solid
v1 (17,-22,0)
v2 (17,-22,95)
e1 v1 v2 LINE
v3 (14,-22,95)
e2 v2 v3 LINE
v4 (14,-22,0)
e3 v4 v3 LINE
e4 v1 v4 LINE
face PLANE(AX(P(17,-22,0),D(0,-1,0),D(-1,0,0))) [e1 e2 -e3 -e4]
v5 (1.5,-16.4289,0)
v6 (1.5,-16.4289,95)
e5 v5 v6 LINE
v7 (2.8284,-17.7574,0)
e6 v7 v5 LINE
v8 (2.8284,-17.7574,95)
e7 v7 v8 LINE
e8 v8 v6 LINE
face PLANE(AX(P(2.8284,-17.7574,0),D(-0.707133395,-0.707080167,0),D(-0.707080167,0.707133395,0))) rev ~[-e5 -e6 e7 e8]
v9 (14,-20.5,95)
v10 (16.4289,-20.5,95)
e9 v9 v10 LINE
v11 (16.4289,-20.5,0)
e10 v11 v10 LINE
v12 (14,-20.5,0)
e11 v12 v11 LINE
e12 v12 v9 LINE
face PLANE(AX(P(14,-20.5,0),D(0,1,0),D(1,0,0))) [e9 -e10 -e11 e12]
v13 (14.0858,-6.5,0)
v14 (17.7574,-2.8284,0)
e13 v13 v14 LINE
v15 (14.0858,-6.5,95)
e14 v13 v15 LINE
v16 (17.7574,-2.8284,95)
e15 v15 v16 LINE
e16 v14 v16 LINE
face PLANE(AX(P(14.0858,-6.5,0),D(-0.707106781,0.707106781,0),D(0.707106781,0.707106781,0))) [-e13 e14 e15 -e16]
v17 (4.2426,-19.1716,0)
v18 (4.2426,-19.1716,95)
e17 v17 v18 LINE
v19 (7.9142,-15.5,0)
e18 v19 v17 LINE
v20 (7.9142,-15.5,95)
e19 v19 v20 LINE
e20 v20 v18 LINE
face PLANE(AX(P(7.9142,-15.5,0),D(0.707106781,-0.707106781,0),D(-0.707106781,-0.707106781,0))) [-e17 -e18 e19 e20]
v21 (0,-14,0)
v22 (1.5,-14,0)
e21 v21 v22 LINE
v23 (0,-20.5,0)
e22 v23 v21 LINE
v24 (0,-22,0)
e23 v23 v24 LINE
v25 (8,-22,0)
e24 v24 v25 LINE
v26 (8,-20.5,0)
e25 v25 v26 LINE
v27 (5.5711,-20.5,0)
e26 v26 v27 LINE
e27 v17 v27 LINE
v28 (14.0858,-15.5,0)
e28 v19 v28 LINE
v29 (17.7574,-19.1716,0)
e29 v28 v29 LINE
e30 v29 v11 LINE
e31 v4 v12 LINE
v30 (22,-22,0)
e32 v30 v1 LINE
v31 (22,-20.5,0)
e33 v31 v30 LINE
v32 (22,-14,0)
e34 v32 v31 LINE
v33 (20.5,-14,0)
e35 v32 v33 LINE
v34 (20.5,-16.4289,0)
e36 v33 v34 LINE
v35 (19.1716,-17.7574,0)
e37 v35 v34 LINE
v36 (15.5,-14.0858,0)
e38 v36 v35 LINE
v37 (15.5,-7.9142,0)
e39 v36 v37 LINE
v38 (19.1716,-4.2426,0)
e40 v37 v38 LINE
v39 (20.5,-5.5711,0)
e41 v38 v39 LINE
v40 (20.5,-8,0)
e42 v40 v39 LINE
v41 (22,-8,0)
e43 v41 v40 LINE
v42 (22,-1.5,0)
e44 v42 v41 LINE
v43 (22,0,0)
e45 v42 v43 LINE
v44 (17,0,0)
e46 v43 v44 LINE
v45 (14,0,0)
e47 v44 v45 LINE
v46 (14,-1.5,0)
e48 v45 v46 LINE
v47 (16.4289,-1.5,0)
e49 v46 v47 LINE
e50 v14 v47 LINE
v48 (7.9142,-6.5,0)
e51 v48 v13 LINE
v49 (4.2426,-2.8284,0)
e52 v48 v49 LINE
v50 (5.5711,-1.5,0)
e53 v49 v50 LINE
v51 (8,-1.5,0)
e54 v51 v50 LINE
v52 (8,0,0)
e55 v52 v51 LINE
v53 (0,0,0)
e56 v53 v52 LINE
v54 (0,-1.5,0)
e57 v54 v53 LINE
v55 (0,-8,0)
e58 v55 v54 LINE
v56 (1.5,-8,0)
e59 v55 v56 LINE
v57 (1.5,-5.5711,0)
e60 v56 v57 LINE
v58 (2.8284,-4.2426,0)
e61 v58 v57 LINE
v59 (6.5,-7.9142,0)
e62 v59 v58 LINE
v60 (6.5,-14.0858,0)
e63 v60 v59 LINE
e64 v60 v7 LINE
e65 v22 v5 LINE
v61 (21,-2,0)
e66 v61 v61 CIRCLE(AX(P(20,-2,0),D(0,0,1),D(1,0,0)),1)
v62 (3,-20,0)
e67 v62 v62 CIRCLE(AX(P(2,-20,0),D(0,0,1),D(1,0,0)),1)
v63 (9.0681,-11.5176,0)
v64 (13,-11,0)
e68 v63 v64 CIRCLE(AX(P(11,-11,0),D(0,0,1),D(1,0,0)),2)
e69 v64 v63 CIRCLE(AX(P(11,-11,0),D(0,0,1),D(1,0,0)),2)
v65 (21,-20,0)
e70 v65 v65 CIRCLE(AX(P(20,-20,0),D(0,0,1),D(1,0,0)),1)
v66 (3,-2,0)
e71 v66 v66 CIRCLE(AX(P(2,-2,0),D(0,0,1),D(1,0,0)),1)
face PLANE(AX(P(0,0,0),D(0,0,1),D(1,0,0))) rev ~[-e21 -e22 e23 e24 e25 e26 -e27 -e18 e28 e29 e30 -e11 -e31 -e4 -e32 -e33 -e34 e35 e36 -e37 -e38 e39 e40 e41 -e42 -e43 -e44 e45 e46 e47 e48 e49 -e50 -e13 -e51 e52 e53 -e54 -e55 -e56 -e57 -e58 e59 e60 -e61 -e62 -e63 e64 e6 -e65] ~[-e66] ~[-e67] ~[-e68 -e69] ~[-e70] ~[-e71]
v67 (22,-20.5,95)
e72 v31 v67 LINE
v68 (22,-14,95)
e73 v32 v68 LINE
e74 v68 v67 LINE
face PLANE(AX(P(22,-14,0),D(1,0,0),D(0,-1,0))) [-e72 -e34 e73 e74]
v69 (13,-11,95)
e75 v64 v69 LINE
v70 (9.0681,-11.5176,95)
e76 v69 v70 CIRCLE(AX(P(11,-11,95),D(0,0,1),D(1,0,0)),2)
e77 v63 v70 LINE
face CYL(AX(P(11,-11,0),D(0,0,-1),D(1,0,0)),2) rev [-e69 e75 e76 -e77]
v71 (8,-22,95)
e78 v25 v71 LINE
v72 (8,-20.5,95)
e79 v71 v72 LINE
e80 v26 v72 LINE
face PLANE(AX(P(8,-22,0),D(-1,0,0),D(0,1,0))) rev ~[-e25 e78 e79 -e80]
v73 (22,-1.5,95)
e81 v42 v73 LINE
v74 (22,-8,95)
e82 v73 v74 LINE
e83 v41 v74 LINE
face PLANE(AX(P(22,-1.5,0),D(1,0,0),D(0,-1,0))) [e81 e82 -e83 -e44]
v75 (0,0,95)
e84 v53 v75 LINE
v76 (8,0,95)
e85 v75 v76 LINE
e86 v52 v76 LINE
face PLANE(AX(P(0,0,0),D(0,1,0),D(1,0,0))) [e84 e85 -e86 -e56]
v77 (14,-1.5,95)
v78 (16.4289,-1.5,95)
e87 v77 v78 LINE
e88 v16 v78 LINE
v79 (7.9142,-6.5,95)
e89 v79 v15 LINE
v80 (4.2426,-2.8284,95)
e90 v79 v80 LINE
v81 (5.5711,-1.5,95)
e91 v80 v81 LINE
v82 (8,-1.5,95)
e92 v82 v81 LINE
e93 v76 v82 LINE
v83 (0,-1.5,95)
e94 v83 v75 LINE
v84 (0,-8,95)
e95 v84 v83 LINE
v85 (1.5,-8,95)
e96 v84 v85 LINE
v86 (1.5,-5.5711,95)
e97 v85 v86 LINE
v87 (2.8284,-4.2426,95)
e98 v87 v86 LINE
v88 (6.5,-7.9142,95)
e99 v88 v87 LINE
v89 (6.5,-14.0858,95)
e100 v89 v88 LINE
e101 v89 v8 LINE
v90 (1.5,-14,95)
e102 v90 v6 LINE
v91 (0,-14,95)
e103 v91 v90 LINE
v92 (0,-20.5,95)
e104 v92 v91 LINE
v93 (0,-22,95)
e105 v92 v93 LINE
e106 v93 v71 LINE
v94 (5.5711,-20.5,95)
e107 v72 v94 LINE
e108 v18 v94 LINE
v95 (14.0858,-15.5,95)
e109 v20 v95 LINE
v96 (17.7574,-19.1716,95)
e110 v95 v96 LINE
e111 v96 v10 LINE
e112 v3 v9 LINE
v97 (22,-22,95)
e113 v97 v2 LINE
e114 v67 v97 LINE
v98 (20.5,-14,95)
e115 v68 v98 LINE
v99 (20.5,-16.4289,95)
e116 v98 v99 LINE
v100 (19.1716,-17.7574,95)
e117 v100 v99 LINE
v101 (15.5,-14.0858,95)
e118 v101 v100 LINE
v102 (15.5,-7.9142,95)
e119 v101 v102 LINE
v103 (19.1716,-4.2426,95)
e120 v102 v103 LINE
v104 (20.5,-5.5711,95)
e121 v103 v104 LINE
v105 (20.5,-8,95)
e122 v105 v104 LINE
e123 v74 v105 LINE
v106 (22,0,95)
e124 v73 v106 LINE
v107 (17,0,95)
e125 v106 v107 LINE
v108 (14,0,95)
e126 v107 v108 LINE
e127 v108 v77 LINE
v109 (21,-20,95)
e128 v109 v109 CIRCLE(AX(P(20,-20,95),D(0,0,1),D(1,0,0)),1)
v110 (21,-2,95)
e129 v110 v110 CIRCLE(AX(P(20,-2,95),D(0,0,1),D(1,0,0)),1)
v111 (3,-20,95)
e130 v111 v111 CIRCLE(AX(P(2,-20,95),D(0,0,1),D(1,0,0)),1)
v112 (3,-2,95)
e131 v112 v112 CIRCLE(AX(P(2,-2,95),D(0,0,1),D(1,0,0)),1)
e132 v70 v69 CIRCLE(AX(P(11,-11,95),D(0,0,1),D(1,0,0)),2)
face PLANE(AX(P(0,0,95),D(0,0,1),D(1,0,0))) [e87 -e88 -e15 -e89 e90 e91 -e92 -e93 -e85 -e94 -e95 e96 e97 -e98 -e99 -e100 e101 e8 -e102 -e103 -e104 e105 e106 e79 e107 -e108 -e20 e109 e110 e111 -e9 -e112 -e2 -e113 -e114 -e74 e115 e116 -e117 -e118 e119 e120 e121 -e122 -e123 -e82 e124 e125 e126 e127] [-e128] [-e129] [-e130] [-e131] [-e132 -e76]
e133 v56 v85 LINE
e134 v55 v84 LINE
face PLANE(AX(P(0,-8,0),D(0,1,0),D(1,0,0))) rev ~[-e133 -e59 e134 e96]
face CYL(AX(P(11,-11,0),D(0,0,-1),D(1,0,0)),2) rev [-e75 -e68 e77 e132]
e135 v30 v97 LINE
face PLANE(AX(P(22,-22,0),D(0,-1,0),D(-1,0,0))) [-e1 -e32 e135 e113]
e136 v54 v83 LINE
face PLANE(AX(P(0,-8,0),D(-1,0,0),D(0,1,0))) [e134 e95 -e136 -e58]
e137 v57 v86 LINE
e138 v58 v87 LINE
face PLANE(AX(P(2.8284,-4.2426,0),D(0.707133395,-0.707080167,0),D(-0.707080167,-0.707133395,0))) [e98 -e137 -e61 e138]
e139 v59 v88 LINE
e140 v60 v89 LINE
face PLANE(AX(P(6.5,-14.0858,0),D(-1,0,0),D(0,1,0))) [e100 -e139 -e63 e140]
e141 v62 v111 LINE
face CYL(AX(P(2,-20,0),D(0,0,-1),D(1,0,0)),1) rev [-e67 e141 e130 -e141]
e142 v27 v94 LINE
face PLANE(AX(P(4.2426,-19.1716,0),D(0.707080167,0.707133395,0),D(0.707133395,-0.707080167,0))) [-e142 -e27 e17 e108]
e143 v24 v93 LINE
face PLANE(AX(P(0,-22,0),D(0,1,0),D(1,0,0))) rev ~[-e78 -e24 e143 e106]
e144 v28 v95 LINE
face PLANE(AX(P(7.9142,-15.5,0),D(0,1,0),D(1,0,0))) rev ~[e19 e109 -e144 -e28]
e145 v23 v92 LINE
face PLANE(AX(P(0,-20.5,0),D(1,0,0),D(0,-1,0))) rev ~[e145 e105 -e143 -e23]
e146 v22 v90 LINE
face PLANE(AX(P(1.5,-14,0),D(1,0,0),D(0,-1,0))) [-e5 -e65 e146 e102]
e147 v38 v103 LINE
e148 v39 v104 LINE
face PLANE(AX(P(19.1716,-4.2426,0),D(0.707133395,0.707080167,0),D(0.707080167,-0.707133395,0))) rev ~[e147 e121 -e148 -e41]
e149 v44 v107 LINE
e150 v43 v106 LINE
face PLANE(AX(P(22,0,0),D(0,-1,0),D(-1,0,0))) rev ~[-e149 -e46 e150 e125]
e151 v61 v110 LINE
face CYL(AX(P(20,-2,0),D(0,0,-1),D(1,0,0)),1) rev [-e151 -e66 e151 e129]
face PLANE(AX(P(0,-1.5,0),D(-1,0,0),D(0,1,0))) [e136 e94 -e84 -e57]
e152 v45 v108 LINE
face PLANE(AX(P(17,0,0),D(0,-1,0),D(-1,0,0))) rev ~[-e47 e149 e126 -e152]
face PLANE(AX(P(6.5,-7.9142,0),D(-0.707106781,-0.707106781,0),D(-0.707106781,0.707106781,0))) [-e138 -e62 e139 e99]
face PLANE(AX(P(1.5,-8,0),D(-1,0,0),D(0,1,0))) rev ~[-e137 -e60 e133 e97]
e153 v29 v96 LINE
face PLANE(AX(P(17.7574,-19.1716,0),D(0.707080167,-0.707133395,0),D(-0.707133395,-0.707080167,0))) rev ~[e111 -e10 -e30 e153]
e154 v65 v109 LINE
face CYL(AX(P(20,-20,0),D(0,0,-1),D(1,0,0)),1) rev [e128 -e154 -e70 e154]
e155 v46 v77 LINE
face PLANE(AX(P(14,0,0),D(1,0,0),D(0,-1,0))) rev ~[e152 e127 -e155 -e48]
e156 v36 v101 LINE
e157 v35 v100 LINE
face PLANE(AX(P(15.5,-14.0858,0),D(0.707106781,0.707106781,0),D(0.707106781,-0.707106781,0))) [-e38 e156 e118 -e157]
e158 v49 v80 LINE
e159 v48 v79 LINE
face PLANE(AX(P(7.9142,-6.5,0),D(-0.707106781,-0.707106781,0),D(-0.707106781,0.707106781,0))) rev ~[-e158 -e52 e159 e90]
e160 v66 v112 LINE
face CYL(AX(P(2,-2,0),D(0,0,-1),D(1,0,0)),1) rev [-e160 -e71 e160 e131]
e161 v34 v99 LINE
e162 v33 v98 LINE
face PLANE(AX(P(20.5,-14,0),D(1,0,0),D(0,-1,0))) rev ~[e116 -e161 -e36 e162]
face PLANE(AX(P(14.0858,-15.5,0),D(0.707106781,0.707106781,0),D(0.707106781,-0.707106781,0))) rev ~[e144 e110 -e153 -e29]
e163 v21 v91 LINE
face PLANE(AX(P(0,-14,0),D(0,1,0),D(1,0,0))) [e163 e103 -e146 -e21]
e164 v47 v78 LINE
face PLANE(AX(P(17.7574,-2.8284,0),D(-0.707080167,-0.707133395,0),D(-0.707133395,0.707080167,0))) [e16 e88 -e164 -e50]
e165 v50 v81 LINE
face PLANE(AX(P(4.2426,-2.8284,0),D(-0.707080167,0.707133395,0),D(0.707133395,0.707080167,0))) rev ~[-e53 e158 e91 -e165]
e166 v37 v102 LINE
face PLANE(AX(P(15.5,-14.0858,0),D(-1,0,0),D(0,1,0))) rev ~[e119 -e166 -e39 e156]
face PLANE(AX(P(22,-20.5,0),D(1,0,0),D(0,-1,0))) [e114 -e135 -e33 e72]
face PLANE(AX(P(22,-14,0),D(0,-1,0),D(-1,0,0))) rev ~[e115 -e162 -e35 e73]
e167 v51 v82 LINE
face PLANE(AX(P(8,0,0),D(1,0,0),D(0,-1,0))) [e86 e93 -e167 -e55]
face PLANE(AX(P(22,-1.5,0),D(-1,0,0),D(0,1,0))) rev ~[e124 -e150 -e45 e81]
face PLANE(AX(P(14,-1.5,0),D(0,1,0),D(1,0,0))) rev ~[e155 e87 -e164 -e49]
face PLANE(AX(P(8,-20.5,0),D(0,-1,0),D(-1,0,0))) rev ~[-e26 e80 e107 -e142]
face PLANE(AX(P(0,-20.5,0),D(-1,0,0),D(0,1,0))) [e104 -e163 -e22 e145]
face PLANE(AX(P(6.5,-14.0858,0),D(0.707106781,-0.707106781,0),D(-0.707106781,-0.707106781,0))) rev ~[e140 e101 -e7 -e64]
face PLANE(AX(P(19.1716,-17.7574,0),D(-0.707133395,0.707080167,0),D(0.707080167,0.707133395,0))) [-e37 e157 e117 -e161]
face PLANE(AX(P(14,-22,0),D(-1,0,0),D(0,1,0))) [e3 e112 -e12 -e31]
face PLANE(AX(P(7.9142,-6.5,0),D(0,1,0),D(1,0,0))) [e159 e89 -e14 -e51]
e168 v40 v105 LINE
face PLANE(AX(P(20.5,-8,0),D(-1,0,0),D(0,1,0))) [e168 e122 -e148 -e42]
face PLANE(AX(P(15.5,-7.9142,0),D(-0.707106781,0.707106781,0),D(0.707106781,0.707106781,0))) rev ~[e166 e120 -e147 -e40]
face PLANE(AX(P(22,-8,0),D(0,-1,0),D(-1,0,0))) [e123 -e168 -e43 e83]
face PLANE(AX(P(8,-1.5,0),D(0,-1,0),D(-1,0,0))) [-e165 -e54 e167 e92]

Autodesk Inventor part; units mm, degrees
ref_plane "YZ Plane" through (0, 0, 0) normal (1, 0, 0) x (0, 1, 0)
ref_plane "XZ Plane" through (0, 0, 0) normal (0, 1, 0) x (-1, 0, 0)
ref_plane "XY Plane" through (0, 0, 0) normal (0, 0, 1) x (1, 0, 0)
sketch "Sketch1" plane through (0, 0, 0) normal (0, 0, 1) x (1, 0, 0)
  line L0 (0, 0) -> (8, 0)
  line L1 (8, 0) -> (8, -1.5)
  line L2 (8, -1.5) -> (5.5711, -1.5)
  line L3 (0, -1.5) -> (0, 0)
  line L4 (0, 0) -> (5, 0) construction
  line L5 (4.2426, -2.8284) -> (5.5711, -1.5)
  line L6 (6.5, -14.0858) -> (6.5, -7.9142)
  line L7 (7.9142, -6.5) -> (15.5, -6.5)
  line L8 (0, -8) -> (1.5, -8)
  line L9 (1.5, -8) -> (1.5, -5.5711)
  line L10 (11, -11) -> (10.2929, -10.2929) construction
  line L11 (11, -11) -> (10.2929, -11.7071) construction
  line L12 (0, 0) -> (8, 0)
  line L13 (5.5711, -1.5) -> (4.2426, -2.8284)
  line L14 (2.8284, -4.2426) -> (1.5, -5.5711)
  line L15 (7.9142, -6.5) -> (4.2426, -2.8284)
  line L16 (6.5, -7.9142) -> (2.8284, -4.2426)
  circle A0 centre (11, -11) radius 2
  line L17 (11, -11) -> (16.6687, -11) construction
  line L18 (11, -16.9105) -> (11, -11) construction
  line L19 (22, 0) -> (14, 0)
  line L20 (14, 0) -> (14, -1.5)
  line L21 (14, -1.5) -> (16.4289, -1.5)
  line L22 (22, -1.5) -> (22, 0)
  line L23 (22, 0) -> (17, 0)
  line L24 (17.7574, -2.8284) -> (16.4289, -1.5)
  line L25 (15.5, -15.5) -> (15.5, -7.9142)
  line L26 (15.5, -6.5) -> (7.9142, -6.5)
  line L27 (22, -8) -> (20.5, -8)
  line L28 (20.5, -8) -> (20.5, -5.5711)
  line L29 (11, -11) -> (11.7071, -10.2929) construction
  line L30 (11, -11) -> (11.7071, -11.7071) construction
  line L31 (22, 0) -> (14, 0)
  line L32 (16.4289, -1.5) -> (17.7574, -2.8284)
  line L33 (19.1716, -4.2426) -> (20.5, -5.5711)
  line L34 (14.0858, -6.5) -> (17.7574, -2.8284)
  line L35 (15.5, -7.9142) -> (19.1716, -4.2426)
  circle A1 centre (11, -11) radius 2
  line L36 (0, -22) -> (8, -22)
  line L37 (8, -22) -> (8, -20.5)
  line L38 (8, -20.5) -> (5.5711, -20.5)
  line L39 (0, -20.5) -> (0, -22)
  line L40 (0, -22) -> (5, -22) construction
  line L41 (4.2426, -19.1716) -> (5.5711, -20.5)
  line L42 (6.5, -7.9142) -> (6.5, -14.0858)
  line L43 (6.5, -15.5) -> (14.0858, -15.5)
  line L44 (0, -14) -> (1.5, -14)
  line L45 (1.5, -14) -> (1.5, -16.4289)
  line L46 (11, -11) -> (10.2929, -11.7071) construction
  line L47 (11, -11) -> (10.2929, -10.2929) construction
  line L48 (0, -22) -> (8, -22)
  line L49 (5.5711, -20.5) -> (4.2426, -19.1716)
  line L50 (2.8284, -17.7574) -> (1.5, -16.4289)
  line L51 (7.9142, -15.5) -> (4.2426, -19.1716)
  line L52 (6.5, -14.0858) -> (2.8284, -17.7574)
  circle A2 centre (11, -11) radius 2
  line L53 (22, -22) -> (14, -22)
  line L54 (14, -22) -> (14, -20.5)
  line L55 (14, -20.5) -> (16.4289, -20.5)
  line L56 (22, -20.5) -> (22, -22)
  line L57 (22, -22) -> (17, -22)
  line L58 (17.7574, -19.1716) -> (16.4289, -20.5)
  line L59 (20.5, -14) -> (20.5, -16.4289)
  line L60 (15.5, -14.0858) -> (19.1716, -17.7574)
  line L61 (19.1716, -17.7574) -> (20.5, -16.4289)
  line L62 (14.0858, -15.5) -> (17.7574, -19.1716)
  line L63 (16.4289, -20.5) -> (17.7574, -19.1716)
  line L64 (22, -22) -> (14, -22)
  line L65 (22, -14) -> (20.5, -14)
  line L66 (11, -11) -> (11.7071, -11.7071) construction
  line L67 (11, -11) -> (11.7071, -10.2929) construction
  line L68 (14.0858, -15.5) -> (6.5, -15.5)
  line L69 (15.5, -7.9142) -> (15.5, -15.5)
  circle A3 centre (11, -11) radius 2
  line L70 (22, -14) -> (22, -20.5)
  line L71 (22, -1.5) -> (22, -8)
  line L72 (8, 0) -> (0, 0) construction
  line L73 (0, 0) -> (0, -8) construction
  line L74 (9.5858, -11) -> (9.0681, -11.5176)
  line L75 (6.5, -14.0858) -> (2.8284, -17.7574)
  line L76 (0, -22) -> (0, -14)
  line L77 (0, -8) -> (0, 0)
  line L78 (0, 0) -> (2, 0) construction
  line L79 (2, 0) -> (2, -2) construction
  circle A4 centre (2, -2) radius 1
  circle A5 centre (20, -2) radius 1
  circle A6 centre (2, -20) radius 1
  circle A7 centre (20, -20) radius 1
  point P0 (3.5355, -3.5355)
  point P1 (0, -7.0711)
  point P2 (6.5, -6.5)
  point P3 (6.5, -15.5)
  point P4 (1.5, 0)
  point P5 (10.2929, -10.2929)
  point P6 (18.4645, -3.5355)
  point P7 (22, -7.0711)
  point P8 (6.5, -6.5)
  point P9 (20.5, 0)
  point P10 (11.7071, -10.2929)
  point P11 (12.4142, -11)
  point P12 (3.5355, -18.4645)
  point P13 (0, -14.9289)
  point P14 (6.5, -6.5)
  point P15 (1.5, -22)
  point P16 (10.2929, -11.7071)
  point P17 (18.4645, -18.4645)
  point P18 (20.5, -22)
  point P19 (22, -14.9289)
  point P20 (15.5, -6.5)
  point P21 (11.7071, -11.7071)
  dimension "d2" = 8
  dimension "d3" = 1.5
  dimension "d4" = 5
  dimension "d10" = 9
  dimension "d11" = 9
  dimension "d14" = 4
  dimension "d15" = 2
  dimension "d16" = 2
  dimension "d17" = 2
extrude "Extrusion1" add sketch "Sketch1" along normal blind 95
properties part number "extrusion_95"
